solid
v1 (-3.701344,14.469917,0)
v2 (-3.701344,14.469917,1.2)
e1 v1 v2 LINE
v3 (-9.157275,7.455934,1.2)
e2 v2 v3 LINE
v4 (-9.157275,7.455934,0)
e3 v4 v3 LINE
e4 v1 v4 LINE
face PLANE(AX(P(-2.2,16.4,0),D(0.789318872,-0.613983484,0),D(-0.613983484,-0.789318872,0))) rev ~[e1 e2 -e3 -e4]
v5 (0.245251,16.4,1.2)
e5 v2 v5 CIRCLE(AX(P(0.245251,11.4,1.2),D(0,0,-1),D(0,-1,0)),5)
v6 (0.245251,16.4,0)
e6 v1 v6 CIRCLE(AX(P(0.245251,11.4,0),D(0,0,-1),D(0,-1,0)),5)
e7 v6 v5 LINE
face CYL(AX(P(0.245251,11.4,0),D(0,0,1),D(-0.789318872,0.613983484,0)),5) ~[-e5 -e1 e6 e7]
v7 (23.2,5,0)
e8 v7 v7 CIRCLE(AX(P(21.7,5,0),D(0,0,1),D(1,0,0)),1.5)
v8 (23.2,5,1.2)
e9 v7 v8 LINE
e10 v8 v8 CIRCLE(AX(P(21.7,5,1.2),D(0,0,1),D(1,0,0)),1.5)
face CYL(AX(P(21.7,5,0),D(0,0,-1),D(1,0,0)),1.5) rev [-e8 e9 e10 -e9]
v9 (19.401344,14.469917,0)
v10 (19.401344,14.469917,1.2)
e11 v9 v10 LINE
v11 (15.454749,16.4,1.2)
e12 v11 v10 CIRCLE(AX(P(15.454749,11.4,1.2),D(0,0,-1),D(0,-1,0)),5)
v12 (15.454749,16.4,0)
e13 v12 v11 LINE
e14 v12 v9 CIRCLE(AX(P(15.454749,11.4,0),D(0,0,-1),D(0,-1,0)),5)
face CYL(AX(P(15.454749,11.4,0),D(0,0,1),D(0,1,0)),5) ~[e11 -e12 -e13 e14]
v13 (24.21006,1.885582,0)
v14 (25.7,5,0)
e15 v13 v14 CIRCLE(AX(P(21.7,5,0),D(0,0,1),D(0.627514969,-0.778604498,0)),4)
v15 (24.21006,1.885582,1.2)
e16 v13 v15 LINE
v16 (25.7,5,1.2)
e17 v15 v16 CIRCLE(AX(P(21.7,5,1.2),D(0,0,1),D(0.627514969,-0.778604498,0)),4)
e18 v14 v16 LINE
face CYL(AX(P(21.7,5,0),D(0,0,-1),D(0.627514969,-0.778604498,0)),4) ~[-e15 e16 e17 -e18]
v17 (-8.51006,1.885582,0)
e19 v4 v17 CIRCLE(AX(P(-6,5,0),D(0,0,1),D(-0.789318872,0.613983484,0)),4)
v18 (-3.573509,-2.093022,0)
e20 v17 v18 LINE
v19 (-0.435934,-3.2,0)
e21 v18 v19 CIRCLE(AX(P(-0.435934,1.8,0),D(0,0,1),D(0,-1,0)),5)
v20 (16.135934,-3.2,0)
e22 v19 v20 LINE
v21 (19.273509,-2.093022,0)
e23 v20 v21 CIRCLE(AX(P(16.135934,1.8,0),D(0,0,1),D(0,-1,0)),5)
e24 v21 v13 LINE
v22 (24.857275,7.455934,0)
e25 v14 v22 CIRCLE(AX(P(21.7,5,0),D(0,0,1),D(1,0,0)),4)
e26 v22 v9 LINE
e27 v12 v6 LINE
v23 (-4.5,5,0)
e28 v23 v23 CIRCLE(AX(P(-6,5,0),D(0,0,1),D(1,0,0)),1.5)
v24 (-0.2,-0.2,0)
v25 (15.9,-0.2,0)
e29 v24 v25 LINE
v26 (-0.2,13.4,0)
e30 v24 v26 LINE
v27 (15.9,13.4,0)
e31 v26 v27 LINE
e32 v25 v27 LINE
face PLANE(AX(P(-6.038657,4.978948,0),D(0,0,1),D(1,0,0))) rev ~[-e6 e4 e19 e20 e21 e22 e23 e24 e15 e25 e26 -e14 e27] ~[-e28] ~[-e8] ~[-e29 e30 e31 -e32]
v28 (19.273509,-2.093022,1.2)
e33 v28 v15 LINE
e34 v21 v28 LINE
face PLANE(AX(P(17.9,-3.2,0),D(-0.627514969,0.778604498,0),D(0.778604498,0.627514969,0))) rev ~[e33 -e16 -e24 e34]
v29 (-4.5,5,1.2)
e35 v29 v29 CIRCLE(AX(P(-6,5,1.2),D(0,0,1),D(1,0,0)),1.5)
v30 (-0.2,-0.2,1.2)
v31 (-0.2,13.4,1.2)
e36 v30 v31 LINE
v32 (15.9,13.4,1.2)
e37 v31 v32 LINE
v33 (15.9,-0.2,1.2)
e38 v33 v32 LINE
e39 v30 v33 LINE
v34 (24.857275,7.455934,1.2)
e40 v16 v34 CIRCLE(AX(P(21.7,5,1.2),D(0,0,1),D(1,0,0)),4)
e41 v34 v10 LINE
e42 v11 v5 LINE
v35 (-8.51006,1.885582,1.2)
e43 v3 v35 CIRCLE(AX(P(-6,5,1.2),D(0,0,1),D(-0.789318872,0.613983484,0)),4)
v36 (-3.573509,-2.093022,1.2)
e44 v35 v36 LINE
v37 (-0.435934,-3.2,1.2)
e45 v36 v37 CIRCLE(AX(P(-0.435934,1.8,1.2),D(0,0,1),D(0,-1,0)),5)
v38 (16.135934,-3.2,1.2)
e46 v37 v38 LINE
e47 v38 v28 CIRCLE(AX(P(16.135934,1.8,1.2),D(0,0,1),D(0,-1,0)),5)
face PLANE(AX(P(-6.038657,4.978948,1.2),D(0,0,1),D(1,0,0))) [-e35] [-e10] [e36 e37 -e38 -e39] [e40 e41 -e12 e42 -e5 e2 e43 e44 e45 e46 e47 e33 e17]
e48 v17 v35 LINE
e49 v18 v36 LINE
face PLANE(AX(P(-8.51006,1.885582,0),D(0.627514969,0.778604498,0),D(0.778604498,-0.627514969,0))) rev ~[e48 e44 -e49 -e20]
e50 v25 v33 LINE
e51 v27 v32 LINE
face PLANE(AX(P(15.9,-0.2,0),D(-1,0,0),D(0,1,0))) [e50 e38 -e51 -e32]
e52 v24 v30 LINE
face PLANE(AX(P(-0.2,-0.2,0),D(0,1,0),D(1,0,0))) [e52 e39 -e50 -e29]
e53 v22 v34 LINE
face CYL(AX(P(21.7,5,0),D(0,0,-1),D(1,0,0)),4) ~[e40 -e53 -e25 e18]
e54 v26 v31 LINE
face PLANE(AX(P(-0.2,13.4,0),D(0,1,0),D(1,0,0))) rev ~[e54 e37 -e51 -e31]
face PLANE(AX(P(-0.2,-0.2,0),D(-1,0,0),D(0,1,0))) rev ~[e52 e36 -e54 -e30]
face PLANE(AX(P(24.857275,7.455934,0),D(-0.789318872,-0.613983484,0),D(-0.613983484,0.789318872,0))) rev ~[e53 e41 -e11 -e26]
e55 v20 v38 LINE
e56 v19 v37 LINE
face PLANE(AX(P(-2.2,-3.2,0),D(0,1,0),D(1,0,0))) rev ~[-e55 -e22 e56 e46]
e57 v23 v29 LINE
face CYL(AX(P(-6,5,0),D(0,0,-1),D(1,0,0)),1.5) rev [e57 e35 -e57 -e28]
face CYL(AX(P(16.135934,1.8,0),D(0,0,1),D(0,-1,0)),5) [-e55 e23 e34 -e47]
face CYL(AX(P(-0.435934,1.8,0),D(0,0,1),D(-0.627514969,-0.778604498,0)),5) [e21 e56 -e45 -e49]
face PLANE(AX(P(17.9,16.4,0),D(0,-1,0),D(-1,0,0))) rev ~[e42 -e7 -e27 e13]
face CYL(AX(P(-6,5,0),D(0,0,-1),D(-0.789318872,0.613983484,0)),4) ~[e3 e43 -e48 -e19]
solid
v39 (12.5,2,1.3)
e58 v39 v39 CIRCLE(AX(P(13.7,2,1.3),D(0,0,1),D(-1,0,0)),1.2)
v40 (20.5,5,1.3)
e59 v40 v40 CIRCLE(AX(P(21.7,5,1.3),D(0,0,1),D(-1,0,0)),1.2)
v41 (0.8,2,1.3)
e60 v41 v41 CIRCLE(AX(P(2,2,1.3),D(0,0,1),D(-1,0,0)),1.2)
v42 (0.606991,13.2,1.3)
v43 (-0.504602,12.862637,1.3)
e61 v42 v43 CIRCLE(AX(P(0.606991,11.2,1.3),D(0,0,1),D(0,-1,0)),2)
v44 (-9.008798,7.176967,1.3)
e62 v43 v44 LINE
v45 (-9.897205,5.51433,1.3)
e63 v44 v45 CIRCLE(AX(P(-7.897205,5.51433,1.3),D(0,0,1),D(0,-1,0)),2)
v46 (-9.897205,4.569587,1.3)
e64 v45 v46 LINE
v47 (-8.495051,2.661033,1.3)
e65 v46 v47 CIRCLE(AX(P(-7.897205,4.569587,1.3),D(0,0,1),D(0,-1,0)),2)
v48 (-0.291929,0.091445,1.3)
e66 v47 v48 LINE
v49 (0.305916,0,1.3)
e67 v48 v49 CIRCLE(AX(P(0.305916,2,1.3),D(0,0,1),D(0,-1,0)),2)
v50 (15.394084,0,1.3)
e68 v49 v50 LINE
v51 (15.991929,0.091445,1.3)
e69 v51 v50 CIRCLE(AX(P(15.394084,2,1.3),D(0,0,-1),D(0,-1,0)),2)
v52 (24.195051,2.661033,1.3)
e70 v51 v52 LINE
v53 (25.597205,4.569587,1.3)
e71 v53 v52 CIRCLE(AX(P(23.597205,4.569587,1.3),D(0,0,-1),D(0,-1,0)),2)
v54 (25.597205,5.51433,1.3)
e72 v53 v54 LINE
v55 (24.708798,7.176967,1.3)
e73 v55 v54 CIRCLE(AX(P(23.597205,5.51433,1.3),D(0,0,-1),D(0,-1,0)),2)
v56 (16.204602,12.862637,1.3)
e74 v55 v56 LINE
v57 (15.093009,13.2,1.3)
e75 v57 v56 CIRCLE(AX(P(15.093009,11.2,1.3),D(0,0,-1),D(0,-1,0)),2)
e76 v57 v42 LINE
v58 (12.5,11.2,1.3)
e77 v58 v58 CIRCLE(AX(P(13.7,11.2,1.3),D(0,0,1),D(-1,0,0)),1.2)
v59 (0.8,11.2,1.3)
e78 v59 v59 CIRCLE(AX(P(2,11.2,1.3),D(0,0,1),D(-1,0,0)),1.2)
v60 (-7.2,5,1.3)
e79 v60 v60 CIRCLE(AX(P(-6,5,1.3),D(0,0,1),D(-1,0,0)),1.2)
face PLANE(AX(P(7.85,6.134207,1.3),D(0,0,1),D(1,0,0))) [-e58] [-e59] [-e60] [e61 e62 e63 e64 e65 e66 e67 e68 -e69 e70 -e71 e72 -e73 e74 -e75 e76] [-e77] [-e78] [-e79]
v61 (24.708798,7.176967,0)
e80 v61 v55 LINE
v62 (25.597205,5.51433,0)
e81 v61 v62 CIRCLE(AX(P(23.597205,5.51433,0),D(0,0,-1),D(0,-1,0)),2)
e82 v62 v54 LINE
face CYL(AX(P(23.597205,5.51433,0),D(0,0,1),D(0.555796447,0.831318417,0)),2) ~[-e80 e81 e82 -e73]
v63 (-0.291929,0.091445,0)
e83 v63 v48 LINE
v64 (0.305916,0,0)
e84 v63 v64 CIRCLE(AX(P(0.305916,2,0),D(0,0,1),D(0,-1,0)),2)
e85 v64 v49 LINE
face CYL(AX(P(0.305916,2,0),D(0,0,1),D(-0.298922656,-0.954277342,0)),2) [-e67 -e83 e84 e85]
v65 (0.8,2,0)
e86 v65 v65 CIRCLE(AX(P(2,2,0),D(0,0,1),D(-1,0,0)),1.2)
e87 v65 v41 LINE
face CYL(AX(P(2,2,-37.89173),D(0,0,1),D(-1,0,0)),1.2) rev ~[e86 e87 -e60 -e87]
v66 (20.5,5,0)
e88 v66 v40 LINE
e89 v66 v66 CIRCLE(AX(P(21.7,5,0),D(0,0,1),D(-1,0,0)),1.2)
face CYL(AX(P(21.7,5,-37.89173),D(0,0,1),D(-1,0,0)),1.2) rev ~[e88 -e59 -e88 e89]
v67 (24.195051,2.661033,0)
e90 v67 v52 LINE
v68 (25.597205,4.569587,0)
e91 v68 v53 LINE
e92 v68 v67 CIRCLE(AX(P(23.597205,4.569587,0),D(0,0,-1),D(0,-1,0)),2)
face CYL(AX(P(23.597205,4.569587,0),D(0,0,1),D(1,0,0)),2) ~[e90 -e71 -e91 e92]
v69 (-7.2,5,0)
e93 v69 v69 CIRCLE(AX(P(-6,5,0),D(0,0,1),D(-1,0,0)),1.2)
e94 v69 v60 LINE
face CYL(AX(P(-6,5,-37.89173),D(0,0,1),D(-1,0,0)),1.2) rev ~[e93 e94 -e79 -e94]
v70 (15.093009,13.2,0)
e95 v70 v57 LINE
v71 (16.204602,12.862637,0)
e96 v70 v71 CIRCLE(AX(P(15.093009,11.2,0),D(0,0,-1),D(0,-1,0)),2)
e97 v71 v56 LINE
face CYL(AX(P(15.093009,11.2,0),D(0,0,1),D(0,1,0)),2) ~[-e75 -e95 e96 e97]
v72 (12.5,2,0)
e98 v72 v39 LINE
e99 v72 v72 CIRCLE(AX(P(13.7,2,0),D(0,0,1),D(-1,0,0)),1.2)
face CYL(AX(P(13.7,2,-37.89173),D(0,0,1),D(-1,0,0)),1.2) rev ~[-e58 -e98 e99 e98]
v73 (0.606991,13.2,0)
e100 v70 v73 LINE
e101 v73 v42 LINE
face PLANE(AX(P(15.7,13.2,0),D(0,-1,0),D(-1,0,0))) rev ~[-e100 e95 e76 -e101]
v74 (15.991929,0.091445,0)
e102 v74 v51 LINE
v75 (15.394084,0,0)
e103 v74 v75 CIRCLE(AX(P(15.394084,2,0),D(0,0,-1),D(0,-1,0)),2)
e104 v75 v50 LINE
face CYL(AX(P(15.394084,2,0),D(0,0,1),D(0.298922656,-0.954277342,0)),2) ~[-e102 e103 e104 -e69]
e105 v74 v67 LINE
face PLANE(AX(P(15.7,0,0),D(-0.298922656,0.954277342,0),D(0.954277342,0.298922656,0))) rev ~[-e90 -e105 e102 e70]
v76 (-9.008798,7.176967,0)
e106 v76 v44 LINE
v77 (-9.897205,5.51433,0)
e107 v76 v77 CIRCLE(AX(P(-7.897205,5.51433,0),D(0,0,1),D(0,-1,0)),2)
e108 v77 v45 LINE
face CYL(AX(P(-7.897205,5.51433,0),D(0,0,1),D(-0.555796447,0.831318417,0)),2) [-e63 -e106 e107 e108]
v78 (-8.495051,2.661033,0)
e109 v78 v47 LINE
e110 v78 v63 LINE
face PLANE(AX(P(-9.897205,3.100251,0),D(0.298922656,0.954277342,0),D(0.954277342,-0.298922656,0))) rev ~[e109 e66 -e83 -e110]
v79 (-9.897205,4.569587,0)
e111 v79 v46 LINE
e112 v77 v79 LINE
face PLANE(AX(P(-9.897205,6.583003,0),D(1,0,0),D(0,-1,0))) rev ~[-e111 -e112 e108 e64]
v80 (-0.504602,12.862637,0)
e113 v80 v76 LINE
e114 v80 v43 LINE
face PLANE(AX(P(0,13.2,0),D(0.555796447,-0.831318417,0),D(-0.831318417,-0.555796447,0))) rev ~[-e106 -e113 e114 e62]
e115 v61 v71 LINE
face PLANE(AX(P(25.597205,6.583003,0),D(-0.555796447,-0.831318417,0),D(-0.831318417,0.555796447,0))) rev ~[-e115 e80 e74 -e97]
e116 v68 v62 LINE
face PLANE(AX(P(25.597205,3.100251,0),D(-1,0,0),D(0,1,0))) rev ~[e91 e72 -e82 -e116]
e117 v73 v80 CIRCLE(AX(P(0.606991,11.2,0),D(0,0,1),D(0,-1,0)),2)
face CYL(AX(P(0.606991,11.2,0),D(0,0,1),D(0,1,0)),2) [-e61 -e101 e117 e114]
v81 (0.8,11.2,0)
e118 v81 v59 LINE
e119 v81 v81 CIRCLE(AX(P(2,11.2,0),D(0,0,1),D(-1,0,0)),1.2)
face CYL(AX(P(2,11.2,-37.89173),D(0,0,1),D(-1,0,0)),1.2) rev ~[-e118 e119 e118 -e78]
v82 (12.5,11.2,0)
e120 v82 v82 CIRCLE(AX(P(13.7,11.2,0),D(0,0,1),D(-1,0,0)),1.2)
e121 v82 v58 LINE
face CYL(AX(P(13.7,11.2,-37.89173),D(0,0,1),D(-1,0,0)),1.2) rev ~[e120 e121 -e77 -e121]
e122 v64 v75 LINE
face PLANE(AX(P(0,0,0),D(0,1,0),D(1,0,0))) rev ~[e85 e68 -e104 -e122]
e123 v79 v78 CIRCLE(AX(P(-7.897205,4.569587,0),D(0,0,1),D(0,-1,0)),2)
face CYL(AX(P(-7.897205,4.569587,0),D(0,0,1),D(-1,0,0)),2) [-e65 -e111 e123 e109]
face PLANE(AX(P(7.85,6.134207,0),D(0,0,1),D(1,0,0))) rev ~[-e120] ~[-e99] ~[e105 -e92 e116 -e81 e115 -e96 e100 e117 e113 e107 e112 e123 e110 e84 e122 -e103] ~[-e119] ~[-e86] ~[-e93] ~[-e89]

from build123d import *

# Parameters (mm, degrees)
F2_DEPTH = 1.3
F3_D     = 2.4
F4_R     = 2
F5_R     = 1.5
F5_W     = 16.1
F5_H     = 13.6
F6_DEPTH = 1.2
F7_R     = 5


with BuildPart() as f2:
    # F1 (on Top) → F2 (new body)
    with BuildSketch(Plane.XY):
        Polygon((15.7, 13.2), (0, 13.2), (-9.8972053856, 6.5830028616), (-9.8972053856, 3.1002506148), (0, 0), (15.7, 0), (25.5972053856, 3.1002506148), (25.5972053856, 6.5830028616), align=None)
    extrude(amount=F2_DEPTH)

    # F3 (through all)
    with Locations(Plane(origin=(0, 0, 0), x_dir=(1, 0, 0), z_dir=(0, 0, -1))):
        with Locations((13.7, -11.2), (2, -11.2), (-6, -5), (2, -2), (13.7, -2), (21.7, -5)):
            Hole(F3_D / 2)

    # F4
    f4_edges = [f2.edges().sort_by_distance(p)[0] for p in [
        (-9.897205, 3.100251, 0.65),
        (-9.897205, 6.583003, 0.65),
        (0, 13.2, 0.65),
        (0, 0, 0.65),
        (15.7, 0, 0.65),
        (25.597205, 3.100251, 0.65),
        (25.597205, 6.583003, 0.65),
        (15.7, 13.2, 0.65),
    ]]
    fillet(f4_edges, radius=F4_R)


with BuildPart() as f6:
    # F5 (on Top) → F6 (new body)
    with BuildSketch(Plane.XY):
        with BuildLine():
            ThreePointArc((-8.5100598753, 1.885582009), (-4.273767035, 1.3916596959), (-2, 5))
            ThreePointArc((-2, 5), (-4.7017515555, 8.7834575426), (-9.1572754882, 7.4559339347))
            ThreePointArc((-9.1572754882, 7.4559339347), (-9.9732704004, 4.5383482638), (-8.5100598753, 1.885582009))
        make_face()
        with Locations((-6, 5)):
            Circle(F5_R, mode=Mode.SUBTRACT)
        with BuildLine():
            ThreePointArc((-9.1572754882, 7.4559339347), (-4.7017515555, 8.7834575426), (-2, 5))
            ThreePointArc((-2, 5), (-4.273767035, 1.3916596959), (-8.5100598753, 1.885582009))
            Line((-8.5100598753, 1.885582009), (-2.2, -3.2))
            Line((-2.2, -3.2), (17.9, -3.2))
            Line((17.9, -3.2), (24.2100598753, 1.885582009))
            ThreePointArc((24.2100598753, 1.885582009), (17.7267295996, 5.4616517362), (24.8572754882, 7.4559339347))
            Line((24.8572754882, 7.4559339347), (17.9, 16.4))
            Line((17.9, 16.4), (-2.2, 16.4))
            Line((-2.2, 16.4), (-9.1572754882, 7.4559339347))
        make_face()
        with Locations((7.85, 6.6)):
            Rectangle(F5_W, F5_H, mode=Mode.SUBTRACT)
        with BuildLine():
            ThreePointArc((25.7, 5), (25.4834575426, 6.2982484445), (24.8572754882, 7.4559339347))
            ThreePointArc((24.8572754882, 7.4559339347), (17.7267295996, 5.4616517362), (24.2100598753, 1.885582009))
            ThreePointArc((24.2100598753, 1.885582009), (25.3083403041, 3.273767035), (25.7, 5))
        make_face()
        with Locations((21.7, 5)):
            Circle(F5_R, mode=Mode.SUBTRACT)
    extrude(amount=F6_DEPTH)

    # F7
    f7_edges = [f6.edges().sort_by_distance(p)[0] for p in [
        (-2.2, -3.2, 0.6),
        (17.9, -3.2, 0.6),
        (17.9, 16.4, 0.6),
        (-2.2, 16.4, 0.6),
    ]]
    fillet(f7_edges, radius=F7_R)


solid = Compound([f2.part, f6.part])
